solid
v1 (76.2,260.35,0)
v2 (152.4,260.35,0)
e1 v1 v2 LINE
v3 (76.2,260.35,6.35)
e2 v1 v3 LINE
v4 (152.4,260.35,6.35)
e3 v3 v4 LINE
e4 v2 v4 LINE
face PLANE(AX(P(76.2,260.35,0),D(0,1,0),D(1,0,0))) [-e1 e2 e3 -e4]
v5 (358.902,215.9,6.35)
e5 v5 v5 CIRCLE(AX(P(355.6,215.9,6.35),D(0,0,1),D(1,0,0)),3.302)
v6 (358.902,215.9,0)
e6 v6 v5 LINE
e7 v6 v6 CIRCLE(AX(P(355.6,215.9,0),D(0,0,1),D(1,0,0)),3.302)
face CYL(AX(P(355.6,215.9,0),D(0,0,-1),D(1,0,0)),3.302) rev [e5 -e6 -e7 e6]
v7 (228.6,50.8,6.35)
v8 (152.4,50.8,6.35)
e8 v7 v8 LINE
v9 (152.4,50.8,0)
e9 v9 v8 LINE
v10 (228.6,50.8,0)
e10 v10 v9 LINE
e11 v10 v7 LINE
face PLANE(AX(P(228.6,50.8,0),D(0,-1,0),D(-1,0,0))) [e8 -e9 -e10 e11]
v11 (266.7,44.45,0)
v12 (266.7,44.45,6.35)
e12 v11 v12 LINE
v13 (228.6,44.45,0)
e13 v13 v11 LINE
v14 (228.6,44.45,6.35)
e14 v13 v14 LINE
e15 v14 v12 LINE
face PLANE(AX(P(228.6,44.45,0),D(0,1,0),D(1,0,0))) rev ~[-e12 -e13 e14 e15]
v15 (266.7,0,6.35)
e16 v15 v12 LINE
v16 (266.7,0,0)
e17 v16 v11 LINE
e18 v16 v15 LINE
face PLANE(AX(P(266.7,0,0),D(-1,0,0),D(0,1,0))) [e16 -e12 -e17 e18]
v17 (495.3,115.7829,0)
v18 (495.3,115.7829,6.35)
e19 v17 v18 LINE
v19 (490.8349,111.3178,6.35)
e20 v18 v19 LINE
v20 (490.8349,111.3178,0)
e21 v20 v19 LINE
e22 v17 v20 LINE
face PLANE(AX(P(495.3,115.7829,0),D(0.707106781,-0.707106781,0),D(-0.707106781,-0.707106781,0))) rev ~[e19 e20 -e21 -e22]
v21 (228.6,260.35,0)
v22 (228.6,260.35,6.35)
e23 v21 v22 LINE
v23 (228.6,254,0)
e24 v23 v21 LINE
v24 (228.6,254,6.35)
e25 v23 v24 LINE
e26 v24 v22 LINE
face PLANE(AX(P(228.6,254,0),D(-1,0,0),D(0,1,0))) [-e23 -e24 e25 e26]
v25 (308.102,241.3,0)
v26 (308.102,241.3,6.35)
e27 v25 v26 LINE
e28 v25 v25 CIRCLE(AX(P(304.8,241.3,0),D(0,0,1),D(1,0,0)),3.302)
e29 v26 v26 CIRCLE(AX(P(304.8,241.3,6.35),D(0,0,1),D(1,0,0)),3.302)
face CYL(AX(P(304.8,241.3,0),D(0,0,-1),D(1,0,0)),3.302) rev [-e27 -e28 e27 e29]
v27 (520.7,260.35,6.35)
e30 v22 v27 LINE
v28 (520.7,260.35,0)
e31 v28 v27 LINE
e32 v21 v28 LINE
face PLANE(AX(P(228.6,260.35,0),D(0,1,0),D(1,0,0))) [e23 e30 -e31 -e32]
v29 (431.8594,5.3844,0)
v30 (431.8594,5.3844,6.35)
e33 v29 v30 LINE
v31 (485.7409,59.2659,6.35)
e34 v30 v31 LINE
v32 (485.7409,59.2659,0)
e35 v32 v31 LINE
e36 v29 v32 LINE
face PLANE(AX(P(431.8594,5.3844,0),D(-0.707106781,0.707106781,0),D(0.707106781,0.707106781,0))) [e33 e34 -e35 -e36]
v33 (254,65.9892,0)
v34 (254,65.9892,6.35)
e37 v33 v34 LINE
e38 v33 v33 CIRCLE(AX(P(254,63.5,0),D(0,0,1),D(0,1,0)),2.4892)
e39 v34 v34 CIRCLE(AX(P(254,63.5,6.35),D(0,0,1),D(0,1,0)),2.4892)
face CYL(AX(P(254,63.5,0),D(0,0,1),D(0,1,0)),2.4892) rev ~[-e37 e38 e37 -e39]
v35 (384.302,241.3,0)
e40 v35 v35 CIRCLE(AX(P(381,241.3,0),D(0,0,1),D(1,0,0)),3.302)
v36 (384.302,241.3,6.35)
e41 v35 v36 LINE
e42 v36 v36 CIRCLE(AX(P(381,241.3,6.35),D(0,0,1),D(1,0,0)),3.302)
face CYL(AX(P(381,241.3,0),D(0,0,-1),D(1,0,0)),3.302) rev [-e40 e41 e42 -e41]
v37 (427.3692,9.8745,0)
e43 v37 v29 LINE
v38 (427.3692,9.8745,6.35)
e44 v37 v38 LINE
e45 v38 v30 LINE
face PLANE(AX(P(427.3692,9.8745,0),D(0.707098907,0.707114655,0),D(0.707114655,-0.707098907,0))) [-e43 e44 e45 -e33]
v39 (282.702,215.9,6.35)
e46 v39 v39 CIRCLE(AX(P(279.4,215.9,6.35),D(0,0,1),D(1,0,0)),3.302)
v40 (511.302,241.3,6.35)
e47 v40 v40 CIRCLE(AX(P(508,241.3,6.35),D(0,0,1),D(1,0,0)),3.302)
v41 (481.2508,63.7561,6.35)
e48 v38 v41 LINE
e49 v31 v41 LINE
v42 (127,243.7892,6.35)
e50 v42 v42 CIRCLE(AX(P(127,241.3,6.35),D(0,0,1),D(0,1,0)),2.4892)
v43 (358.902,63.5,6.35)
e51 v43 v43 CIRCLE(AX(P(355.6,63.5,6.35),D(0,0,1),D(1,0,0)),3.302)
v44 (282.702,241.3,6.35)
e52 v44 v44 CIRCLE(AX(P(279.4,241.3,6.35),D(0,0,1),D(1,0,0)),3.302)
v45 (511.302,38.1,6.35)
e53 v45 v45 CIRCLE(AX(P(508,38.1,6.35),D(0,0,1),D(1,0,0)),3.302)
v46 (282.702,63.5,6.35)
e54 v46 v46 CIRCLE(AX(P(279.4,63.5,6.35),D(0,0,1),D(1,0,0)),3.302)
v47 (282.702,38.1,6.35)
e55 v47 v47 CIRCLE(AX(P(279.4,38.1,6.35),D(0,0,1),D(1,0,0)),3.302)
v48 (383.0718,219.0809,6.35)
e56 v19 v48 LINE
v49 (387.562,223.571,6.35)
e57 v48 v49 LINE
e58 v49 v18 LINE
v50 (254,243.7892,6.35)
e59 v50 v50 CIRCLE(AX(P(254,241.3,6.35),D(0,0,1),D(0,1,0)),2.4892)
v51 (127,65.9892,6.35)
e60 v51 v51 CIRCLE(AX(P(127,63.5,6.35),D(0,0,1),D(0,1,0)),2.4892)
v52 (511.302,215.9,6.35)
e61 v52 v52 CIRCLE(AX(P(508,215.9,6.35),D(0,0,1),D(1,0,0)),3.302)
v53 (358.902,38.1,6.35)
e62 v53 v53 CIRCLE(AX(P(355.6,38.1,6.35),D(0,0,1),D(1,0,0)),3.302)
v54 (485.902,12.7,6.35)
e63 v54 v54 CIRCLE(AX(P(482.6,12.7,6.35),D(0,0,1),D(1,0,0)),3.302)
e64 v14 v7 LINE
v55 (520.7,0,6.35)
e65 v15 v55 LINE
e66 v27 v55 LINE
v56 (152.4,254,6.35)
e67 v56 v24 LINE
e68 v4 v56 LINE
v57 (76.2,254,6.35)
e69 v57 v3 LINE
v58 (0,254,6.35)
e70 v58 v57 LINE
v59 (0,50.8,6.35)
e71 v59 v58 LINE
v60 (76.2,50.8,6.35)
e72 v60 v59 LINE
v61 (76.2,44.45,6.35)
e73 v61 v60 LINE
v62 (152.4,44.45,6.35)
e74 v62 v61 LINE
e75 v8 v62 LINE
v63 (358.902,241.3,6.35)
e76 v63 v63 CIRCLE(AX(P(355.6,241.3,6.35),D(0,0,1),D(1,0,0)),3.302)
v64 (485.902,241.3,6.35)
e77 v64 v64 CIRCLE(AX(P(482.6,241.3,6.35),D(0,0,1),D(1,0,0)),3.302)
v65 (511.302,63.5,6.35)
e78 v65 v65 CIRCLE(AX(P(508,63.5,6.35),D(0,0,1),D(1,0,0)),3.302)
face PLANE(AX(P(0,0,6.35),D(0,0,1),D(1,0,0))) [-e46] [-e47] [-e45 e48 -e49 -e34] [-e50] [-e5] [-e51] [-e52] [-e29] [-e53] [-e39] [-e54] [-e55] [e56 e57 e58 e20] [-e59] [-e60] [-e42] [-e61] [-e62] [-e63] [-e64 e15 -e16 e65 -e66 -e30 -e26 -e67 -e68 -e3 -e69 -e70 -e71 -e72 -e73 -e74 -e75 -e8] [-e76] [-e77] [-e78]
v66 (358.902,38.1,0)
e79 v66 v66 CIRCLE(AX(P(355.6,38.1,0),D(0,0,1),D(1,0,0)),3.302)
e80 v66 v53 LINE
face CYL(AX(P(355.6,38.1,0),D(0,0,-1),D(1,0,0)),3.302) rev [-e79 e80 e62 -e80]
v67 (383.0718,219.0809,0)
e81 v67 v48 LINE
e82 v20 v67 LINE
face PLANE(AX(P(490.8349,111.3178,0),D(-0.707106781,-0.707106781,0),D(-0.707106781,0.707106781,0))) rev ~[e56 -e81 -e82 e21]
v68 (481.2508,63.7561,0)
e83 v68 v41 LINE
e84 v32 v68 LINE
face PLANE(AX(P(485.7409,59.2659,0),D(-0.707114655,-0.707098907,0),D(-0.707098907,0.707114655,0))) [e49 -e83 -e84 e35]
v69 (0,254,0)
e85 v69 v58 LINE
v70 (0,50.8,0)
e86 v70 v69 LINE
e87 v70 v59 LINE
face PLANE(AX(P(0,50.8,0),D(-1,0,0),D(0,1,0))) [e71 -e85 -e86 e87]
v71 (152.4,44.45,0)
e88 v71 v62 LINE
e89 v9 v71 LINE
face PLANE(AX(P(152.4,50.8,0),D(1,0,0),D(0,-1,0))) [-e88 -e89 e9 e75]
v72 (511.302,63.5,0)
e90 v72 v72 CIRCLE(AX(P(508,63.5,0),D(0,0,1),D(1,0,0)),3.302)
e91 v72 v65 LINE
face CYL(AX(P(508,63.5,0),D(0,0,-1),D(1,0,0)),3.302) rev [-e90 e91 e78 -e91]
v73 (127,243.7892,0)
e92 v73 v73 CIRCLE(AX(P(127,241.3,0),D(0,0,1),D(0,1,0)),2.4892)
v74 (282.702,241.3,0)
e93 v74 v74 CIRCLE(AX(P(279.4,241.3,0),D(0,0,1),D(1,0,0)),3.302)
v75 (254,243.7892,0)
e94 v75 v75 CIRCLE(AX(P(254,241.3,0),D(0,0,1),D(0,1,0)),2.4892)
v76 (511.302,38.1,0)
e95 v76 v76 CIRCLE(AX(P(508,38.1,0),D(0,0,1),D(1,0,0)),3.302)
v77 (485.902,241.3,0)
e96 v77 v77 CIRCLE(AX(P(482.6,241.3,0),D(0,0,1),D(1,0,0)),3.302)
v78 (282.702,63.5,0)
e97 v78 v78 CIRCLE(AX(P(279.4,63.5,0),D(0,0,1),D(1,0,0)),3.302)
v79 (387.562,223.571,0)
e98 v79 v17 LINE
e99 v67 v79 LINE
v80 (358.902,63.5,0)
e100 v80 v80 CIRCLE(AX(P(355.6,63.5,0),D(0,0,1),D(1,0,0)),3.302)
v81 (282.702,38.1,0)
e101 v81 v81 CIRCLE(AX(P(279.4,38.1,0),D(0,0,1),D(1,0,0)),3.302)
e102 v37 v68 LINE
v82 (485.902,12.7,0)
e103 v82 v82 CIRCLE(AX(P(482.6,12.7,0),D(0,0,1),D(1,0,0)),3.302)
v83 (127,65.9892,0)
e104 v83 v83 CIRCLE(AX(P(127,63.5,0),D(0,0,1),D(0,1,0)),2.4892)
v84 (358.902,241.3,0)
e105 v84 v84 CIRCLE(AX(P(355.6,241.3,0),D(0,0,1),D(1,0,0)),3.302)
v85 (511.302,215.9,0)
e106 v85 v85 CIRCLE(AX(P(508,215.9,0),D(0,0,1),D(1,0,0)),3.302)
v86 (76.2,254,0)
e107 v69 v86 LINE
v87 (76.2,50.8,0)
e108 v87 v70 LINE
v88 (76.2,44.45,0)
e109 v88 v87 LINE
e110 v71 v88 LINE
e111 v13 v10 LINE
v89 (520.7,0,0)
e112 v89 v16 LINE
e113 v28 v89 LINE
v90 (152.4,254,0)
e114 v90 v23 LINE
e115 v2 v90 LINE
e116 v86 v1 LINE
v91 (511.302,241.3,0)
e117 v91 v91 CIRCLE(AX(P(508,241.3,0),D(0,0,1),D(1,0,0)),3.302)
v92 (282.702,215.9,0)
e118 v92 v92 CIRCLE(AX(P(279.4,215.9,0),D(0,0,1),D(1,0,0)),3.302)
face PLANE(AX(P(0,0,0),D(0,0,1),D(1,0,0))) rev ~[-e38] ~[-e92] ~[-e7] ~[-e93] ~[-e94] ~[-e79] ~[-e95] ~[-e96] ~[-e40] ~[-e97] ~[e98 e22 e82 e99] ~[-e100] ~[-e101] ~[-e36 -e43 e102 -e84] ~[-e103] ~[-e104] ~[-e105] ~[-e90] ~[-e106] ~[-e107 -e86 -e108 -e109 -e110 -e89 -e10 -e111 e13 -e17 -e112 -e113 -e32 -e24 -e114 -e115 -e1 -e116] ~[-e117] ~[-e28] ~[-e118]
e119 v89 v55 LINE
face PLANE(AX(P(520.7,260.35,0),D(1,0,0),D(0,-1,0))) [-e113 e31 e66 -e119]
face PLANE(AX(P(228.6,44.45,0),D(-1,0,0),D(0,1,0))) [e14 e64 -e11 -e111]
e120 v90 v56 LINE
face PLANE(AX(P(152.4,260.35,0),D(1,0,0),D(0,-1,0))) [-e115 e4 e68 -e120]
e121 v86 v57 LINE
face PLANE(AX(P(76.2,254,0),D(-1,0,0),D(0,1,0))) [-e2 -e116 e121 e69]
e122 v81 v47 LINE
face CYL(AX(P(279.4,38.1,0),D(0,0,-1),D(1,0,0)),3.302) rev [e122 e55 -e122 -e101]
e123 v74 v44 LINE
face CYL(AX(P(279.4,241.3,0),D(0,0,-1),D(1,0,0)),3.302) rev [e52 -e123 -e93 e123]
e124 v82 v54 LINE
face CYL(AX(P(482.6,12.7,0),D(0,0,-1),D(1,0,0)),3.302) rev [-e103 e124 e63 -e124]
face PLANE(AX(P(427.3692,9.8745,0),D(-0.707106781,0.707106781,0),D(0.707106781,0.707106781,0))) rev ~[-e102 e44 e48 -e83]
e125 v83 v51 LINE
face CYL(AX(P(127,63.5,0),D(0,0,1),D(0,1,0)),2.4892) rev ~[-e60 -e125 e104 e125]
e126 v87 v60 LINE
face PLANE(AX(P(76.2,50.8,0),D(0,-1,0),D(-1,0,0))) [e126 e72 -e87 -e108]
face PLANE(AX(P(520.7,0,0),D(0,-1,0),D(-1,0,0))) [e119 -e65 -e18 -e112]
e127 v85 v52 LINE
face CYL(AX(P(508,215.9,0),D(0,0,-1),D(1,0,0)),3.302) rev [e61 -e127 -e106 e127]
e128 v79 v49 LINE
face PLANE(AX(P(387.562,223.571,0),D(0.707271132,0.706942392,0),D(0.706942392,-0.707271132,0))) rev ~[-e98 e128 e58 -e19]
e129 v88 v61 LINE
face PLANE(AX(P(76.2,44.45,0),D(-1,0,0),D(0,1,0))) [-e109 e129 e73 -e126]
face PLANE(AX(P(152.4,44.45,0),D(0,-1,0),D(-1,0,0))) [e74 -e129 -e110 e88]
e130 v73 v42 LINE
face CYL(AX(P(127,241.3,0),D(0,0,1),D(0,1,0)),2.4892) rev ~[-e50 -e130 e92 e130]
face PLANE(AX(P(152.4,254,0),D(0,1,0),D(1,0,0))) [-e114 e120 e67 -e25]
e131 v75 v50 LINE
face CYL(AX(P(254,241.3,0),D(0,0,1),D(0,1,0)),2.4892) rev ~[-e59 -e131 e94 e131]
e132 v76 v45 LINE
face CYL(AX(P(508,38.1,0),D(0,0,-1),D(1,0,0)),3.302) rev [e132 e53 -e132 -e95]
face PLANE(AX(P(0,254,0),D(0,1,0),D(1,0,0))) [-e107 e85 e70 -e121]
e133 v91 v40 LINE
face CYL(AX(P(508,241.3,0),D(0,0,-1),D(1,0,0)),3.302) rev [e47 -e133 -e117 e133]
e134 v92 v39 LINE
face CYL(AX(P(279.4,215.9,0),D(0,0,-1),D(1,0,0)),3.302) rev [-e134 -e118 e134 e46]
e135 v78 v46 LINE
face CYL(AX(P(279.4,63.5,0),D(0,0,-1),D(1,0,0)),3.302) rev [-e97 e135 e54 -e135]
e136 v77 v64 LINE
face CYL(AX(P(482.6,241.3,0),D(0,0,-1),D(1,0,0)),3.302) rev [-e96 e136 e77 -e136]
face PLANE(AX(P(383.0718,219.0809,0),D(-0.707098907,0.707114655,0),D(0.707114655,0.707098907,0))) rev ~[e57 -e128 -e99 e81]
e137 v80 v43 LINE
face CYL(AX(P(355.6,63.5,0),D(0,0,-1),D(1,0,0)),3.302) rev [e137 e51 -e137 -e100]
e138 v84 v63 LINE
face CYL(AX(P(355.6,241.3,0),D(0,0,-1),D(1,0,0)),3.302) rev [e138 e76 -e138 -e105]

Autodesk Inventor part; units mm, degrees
ref_plane "YZ Plane" through (0, 0, 0) normal (1, 0, 0) x (0, 1, 0)
ref_plane "XZ Plane" through (0, 0, 0) normal (0, 1, 0) x (-1, 0, 0)
ref_plane "XY Plane" through (0, 0, 0) normal (0, 0, 1) x (1, 0, 0)
sketch "Sketch1" plane through (0, 0, 0) normal (0, 0, 1) x (1, 0, 0)
  circle A0 centre (482.6, 12.7) radius 3.302
  circle A1 centre (508, 241.3) radius 3.302
  circle A2 centre (482.6, 241.3) radius 3.302
  circle A3 centre (355.6, 241.3) radius 3.302
  circle A4 centre (330.2, 241.3) radius 3.302 construction
  circle A5 centre (127, 63.5) radius 3.175 construction
  circle A6 centre (127, 241.3) radius 3.175 construction
  line L0 (427.3692, 9.8745) -> (431.8594, 5.3844)
  line L1 (431.8594, 5.3844) -> (485.7409, 59.2659)
  line L2 (485.7409, 59.2659) -> (481.2508, 63.7561)
  circle A7 centre (330.2, 63.5) radius 3.302 construction
  circle A8 centre (254, 241.3) radius 3.302 construction
  circle A9 centre (279.4, 63.5) radius 3.302
  circle A10 centre (355.6, 63.5) radius 3.302
  circle A11 centre (508, 63.5) radius 3.302
  circle A12 centre (355.6, 12.7) radius 3.302 construction
  circle A13 centre (508, 12.7) radius 3.302 construction
  line L3 (0, 254) -> (76.2, 254)
  line L4 (76.2, 254) -> (76.2, 260.35)
  line L5 (76.2, 260.35) -> (152.4, 260.35)
  line L6 (152.4, 260.35) -> (152.4, 254)
  line L7 (152.4, 254) -> (228.6, 254)
  line L8 (228.6, 254) -> (228.6, 260.35)
  line L9 (228.6, 260.35) -> (520.7, 260.35)
  line L10 (520.7, 260.35) -> (520.7, 0)
  line L11 (520.7, 0) -> (342.9, 0)
  line L12 (228.6, 44.45) -> (228.6, 50.8)
  line L13 (228.6, 50.8) -> (152.4, 50.8)
  line L14 (152.4, 50.8) -> (152.4, 44.45)
  line L15 (152.4, 44.45) -> (76.2, 44.45)
  line L16 (76.2, 44.45) -> (76.2, 50.8)
  line L17 (76.2, 50.8) -> (0, 50.8)
  line L18 (0, 50.8) -> (0, 254)
  line L19 (490.8349, 111.3178) -> (383.0718, 219.0809)
  line L20 (383.0718, 219.0809) -> (387.562, 223.571)
  line L21 (387.562, 223.571) -> (495.3, 115.7829)
  line L22 (495.3, 115.7829) -> (490.8349, 111.3178)
  line L23 (427.3692, 9.8745) -> (481.2508, 63.7561)
  circle A14 centre (279.4, 241.3) radius 3.302
  circle A15 centre (381, 241.3) radius 3.302
  circle A16 centre (254, 63.5) radius 3.302 construction
  circle A17 centre (304.8, 241.3) radius 3.302
  circle A18 centre (304.8, 63.5) radius 3.302 construction
  line L24 (266.7, 0) -> (342.9, 0)
  line L25 (266.7, 0) -> (266.7, 44.45)
  line L26 (228.6, 44.45) -> (266.7, 44.45)
  circle A19 centre (279.4, 12.7) radius 3.302 construction
  line L27 (279.4, 12.7) -> (279.4, 38.1) construction
  line L28 (279.4, 38.1) -> (304.8, 38.1) construction
  line L29 (304.8, 38.1) -> (355.6, 38.1) construction
  circle A20 centre (355.6, 38.1) radius 3.302
  circle A21 centre (279.4, 38.1) radius 3.302
  line L30 (508, 12.7) -> (508, 38.1) construction
  circle A22 centre (508, 38.1) radius 3.302
  line L31 (508, 241.3) -> (508, 215.9) construction
  line L32 (355.6, 241.3) -> (355.6, 215.9) construction
  line L33 (279.4, 241.3) -> (279.4, 215.9) construction
  circle A23 centre (279.4, 215.9) radius 3.302
  circle A24 centre (355.6, 215.9) radius 3.302
  circle A25 centre (508, 215.9) radius 3.302
  point P0 (0, 0)
  dimension "d6" = 25.4
  dimension "d7" = 25.4
sketch "Sketch2" plane through (0, 0, 0) normal (0, 0, 1) x (1, 0, 0)
  point P0 (0, 0)
  point P1 (127, 241.3)
  point P2 (127, 63.5)
  point P3 (254, 63.5)
  point P4 (254, 241.3)
extrude "Extrusion4" add sketch "Sketch1" along normal blind 6.35
hole "Hole2" at (127, 241.3, 0) at (127, 63.5, 0) at (254, 63.5, 0) at (254, 241.3, 0) direction (0, 0, 1) diameter 4.9784 depth 19.05 tip angle 118 thread size "1/4-20 UNC" class "2B" standard "ANSI Unified Screw Threads"
properties part number "vrRig_v01r1_side"
